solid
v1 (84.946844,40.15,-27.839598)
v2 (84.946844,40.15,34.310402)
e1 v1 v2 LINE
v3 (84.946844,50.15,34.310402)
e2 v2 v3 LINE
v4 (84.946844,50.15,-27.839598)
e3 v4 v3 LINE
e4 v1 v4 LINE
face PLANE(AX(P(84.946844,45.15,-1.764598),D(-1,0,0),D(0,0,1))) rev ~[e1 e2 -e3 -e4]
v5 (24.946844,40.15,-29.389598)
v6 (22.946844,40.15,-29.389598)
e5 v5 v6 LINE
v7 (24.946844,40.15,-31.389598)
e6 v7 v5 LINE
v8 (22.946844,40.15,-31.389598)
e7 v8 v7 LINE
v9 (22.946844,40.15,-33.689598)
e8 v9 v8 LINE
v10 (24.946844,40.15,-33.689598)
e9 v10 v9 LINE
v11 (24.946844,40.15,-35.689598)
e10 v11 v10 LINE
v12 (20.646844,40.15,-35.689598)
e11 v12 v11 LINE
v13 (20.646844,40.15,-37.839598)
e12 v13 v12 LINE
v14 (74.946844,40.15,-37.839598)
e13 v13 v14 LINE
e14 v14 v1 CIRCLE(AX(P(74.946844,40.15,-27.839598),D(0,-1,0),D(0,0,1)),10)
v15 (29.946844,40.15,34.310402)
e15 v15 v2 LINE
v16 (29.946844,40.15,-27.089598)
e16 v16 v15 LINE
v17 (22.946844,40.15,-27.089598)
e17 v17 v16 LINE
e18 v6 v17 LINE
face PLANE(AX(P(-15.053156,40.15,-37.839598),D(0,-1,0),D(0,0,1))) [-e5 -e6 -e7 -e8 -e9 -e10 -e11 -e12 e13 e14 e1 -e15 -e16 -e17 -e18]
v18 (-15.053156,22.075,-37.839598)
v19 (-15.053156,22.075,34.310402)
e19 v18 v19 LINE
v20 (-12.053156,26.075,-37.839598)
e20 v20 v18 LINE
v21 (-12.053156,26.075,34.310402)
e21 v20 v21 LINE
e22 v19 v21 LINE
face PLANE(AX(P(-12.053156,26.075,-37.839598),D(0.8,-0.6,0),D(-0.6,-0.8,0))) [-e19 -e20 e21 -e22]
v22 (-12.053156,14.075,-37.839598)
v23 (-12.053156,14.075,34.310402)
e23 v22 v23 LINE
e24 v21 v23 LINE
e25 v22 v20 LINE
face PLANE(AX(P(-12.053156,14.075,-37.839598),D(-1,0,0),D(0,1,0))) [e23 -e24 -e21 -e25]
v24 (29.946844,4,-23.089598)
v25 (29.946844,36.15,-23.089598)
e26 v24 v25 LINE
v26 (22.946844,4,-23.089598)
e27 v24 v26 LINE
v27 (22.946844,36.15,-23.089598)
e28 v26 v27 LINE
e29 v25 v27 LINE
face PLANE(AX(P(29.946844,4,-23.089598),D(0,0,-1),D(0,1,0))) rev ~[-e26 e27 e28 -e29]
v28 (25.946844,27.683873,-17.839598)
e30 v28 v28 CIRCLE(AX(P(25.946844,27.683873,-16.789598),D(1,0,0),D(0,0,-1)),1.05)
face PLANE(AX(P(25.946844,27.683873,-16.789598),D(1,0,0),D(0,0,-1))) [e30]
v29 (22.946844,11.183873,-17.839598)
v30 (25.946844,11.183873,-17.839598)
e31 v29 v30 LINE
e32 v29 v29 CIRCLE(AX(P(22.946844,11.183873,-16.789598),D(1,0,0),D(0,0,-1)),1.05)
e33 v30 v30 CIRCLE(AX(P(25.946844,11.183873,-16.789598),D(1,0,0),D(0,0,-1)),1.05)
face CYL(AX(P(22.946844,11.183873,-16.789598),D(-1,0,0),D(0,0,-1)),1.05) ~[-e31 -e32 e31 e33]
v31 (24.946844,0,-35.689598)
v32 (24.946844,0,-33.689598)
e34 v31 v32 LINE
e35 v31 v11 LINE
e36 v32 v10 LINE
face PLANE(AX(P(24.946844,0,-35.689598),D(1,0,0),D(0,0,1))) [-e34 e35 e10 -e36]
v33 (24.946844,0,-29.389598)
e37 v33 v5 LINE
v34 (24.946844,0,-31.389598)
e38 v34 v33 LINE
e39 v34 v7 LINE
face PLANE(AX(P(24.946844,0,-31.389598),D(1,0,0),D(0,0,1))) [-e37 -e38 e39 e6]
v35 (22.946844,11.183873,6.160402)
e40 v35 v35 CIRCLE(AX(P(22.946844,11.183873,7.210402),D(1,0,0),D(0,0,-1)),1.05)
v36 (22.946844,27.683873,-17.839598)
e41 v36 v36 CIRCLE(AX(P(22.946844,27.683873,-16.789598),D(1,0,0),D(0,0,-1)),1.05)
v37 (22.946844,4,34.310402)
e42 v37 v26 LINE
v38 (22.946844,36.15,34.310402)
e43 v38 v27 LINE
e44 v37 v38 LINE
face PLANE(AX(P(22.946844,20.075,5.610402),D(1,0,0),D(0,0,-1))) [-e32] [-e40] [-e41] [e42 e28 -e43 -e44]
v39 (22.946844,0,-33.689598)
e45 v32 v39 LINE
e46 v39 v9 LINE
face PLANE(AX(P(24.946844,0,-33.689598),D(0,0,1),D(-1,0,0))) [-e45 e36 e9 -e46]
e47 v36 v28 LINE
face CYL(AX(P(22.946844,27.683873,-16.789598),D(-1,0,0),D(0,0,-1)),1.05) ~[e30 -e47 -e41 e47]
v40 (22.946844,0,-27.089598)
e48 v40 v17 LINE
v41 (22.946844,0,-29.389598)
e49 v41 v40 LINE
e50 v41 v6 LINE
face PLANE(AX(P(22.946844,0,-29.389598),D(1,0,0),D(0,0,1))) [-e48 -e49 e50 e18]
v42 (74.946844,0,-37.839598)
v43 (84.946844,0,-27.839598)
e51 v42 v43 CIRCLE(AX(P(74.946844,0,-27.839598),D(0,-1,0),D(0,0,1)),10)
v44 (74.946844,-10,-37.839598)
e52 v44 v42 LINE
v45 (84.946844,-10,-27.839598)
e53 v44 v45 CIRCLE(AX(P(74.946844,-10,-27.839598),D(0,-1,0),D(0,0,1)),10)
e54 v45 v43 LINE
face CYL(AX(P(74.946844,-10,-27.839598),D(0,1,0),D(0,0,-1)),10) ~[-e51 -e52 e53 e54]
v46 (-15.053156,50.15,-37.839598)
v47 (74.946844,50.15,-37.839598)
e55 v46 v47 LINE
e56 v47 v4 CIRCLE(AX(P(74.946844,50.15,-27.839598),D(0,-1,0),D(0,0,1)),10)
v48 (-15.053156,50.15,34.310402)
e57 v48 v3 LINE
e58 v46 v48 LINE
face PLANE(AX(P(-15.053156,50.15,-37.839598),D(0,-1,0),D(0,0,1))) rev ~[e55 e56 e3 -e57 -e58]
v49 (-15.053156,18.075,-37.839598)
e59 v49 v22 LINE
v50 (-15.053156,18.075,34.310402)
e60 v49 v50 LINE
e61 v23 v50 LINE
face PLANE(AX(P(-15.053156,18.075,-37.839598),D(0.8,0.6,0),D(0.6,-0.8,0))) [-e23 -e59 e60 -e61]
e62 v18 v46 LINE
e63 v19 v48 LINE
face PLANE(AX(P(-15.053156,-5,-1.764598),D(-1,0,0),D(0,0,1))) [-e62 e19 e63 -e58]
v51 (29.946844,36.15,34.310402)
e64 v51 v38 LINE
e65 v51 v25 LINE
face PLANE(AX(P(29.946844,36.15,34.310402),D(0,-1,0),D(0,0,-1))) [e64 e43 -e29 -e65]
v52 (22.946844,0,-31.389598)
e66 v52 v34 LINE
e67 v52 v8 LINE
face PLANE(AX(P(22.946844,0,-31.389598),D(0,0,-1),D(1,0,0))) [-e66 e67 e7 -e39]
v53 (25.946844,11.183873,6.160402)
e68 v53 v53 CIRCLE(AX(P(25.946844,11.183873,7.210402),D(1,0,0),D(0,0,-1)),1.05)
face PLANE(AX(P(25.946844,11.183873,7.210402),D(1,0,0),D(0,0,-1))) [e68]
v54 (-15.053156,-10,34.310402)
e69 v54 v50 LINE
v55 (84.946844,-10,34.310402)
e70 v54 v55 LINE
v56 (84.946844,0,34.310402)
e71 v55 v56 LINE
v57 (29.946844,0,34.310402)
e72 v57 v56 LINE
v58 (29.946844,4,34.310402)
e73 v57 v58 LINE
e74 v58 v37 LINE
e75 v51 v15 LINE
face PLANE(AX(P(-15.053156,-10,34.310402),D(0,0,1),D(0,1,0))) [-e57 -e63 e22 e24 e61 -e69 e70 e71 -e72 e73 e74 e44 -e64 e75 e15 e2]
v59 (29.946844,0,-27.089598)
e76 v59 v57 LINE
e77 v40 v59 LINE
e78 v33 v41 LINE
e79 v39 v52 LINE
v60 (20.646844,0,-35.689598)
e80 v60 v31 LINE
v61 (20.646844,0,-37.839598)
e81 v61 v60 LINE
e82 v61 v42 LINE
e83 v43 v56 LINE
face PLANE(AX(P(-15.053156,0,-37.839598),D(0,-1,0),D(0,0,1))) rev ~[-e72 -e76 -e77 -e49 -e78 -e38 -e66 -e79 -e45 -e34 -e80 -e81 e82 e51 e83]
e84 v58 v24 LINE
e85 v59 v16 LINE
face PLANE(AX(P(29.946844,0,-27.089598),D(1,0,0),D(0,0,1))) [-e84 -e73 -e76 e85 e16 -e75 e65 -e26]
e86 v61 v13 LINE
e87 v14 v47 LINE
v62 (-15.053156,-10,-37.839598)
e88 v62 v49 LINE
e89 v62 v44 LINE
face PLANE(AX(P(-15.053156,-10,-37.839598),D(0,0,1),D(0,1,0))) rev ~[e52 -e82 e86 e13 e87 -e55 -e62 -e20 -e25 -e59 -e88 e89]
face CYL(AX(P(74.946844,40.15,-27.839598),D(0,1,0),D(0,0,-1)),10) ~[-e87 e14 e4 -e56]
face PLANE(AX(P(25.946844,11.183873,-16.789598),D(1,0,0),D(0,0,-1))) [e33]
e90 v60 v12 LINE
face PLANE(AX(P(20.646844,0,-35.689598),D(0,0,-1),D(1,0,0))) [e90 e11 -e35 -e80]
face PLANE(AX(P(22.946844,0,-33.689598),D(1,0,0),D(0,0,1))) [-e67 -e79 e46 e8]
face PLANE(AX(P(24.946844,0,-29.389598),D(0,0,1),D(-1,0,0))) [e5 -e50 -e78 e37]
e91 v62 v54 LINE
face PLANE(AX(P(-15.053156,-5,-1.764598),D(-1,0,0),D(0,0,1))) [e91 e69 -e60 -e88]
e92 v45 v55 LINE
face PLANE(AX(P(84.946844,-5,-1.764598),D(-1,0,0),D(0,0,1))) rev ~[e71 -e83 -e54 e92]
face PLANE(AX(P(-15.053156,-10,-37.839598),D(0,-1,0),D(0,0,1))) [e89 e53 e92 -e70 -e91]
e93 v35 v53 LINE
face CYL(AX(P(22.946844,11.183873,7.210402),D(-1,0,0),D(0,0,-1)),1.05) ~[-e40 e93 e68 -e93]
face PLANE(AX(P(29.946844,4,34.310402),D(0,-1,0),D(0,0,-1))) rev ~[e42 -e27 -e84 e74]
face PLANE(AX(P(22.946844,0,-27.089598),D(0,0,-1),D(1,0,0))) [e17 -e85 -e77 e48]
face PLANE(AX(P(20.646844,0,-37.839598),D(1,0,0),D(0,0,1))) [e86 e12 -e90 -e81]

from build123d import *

# Parameters (mm, degrees)
PAD_DEPTH       = 40.15
SKETCH001_W     = 72.15
SKETCH001_H     = 10
PAD001_DEPTH    = 100
FILLET_R        = 10
SKETCH002_W     = 57.4
SKETCH002_H     = 32.15
POCKET_DEPTH    = 7
SKETCH003_R     = 1.05
PAD002_DEPTH    = 3
POCKET001_DEPTH = 72.151


with BuildPart() as part:
    # Sketch → Pad (new body)
    with BuildSketch(Plane(origin=(24.695071, 0, 0), x_dir=(0, 0, 1), z_dir=(0, 1, 0))):
        Polygon((-27.089598, 5.251773), (34.310402, 5.251773), (34.310402, -39.748227), (-37.839598, -39.748227), (-37.839598, -4.048227), (-35.689598, -4.048227), (-35.689598, 0.251773), (-33.689598, 0.251773), (-33.689598, -1.748227), (-31.389598, -1.748227), (-31.389598, 0.251773), (-29.389598, 0.251773), (-29.389598, -1.748227), (-27.089598, -1.748227), align=None)
    extrude(amount=PAD_DEPTH)

    # Sketch001 (on Face4 of Pad) → Pad001 (join)
    with BuildSketch(Plane.ZY.offset(15.053156)):
        with Locations((-1.764598, -5)):
            Rectangle(SKETCH001_W, SKETCH001_H)
        with Locations((-1.764598, 45.15)):
            Rectangle(SKETCH001_W, SKETCH001_H)
    extrude(amount=-PAD001_DEPTH)

    # Fillet
    fillet_edges = [part.edges().sort_by_distance(p)[0] for p in [
        (84.946844, -5, -37.839598),
        (84.946844, 45.15, -37.839598),
    ]]
    fillet(fillet_edges, radius=FILLET_R)

    # Sketch002 (on Face6 of Fillet) → Pocket (cut)
    with BuildSketch(Plane(origin=(29.946844, 0, 0), x_dir=(0, 0, -1), z_dir=(1, 0, 0))):
        with Locations((-5.610402, 20.075)):
            Rectangle(SKETCH002_W, SKETCH002_H)
    extrude(amount=-POCKET_DEPTH, mode=Mode.SUBTRACT)

    # Sketch003 (on Face25 of Pocket) → Pad002 (join)
    with BuildSketch(Plane(origin=(22.946844, 0, 0), x_dir=(0, 0, -1), z_dir=(1, 0, 0))):
        with Locations((16.789598, 11.183873)):
            Circle(SKETCH003_R)
        with Locations((16.789598, 27.683873)):
            Circle(SKETCH003_R)
        with Locations((-7.210402, 11.183873)):
            Circle(SKETCH003_R)
    extrude(amount=PAD002_DEPTH)

    # Sketch004 (on Face20 of Pad002) → Pocket001 (cut, through all)
    with BuildSketch(Plane(origin=(24.695071, 0, -37.839598), x_dir=(-1, 0, 0), z_dir=(0, 0, -1))):
        Polygon((36.748227, 26.075), (39.748227, 22.075), (39.748227, 18.075), (36.748227, 14.075), align=None)
    extrude(amount=-POCKET001_DEPTH, mode=Mode.SUBTRACT)


solid = part.part
